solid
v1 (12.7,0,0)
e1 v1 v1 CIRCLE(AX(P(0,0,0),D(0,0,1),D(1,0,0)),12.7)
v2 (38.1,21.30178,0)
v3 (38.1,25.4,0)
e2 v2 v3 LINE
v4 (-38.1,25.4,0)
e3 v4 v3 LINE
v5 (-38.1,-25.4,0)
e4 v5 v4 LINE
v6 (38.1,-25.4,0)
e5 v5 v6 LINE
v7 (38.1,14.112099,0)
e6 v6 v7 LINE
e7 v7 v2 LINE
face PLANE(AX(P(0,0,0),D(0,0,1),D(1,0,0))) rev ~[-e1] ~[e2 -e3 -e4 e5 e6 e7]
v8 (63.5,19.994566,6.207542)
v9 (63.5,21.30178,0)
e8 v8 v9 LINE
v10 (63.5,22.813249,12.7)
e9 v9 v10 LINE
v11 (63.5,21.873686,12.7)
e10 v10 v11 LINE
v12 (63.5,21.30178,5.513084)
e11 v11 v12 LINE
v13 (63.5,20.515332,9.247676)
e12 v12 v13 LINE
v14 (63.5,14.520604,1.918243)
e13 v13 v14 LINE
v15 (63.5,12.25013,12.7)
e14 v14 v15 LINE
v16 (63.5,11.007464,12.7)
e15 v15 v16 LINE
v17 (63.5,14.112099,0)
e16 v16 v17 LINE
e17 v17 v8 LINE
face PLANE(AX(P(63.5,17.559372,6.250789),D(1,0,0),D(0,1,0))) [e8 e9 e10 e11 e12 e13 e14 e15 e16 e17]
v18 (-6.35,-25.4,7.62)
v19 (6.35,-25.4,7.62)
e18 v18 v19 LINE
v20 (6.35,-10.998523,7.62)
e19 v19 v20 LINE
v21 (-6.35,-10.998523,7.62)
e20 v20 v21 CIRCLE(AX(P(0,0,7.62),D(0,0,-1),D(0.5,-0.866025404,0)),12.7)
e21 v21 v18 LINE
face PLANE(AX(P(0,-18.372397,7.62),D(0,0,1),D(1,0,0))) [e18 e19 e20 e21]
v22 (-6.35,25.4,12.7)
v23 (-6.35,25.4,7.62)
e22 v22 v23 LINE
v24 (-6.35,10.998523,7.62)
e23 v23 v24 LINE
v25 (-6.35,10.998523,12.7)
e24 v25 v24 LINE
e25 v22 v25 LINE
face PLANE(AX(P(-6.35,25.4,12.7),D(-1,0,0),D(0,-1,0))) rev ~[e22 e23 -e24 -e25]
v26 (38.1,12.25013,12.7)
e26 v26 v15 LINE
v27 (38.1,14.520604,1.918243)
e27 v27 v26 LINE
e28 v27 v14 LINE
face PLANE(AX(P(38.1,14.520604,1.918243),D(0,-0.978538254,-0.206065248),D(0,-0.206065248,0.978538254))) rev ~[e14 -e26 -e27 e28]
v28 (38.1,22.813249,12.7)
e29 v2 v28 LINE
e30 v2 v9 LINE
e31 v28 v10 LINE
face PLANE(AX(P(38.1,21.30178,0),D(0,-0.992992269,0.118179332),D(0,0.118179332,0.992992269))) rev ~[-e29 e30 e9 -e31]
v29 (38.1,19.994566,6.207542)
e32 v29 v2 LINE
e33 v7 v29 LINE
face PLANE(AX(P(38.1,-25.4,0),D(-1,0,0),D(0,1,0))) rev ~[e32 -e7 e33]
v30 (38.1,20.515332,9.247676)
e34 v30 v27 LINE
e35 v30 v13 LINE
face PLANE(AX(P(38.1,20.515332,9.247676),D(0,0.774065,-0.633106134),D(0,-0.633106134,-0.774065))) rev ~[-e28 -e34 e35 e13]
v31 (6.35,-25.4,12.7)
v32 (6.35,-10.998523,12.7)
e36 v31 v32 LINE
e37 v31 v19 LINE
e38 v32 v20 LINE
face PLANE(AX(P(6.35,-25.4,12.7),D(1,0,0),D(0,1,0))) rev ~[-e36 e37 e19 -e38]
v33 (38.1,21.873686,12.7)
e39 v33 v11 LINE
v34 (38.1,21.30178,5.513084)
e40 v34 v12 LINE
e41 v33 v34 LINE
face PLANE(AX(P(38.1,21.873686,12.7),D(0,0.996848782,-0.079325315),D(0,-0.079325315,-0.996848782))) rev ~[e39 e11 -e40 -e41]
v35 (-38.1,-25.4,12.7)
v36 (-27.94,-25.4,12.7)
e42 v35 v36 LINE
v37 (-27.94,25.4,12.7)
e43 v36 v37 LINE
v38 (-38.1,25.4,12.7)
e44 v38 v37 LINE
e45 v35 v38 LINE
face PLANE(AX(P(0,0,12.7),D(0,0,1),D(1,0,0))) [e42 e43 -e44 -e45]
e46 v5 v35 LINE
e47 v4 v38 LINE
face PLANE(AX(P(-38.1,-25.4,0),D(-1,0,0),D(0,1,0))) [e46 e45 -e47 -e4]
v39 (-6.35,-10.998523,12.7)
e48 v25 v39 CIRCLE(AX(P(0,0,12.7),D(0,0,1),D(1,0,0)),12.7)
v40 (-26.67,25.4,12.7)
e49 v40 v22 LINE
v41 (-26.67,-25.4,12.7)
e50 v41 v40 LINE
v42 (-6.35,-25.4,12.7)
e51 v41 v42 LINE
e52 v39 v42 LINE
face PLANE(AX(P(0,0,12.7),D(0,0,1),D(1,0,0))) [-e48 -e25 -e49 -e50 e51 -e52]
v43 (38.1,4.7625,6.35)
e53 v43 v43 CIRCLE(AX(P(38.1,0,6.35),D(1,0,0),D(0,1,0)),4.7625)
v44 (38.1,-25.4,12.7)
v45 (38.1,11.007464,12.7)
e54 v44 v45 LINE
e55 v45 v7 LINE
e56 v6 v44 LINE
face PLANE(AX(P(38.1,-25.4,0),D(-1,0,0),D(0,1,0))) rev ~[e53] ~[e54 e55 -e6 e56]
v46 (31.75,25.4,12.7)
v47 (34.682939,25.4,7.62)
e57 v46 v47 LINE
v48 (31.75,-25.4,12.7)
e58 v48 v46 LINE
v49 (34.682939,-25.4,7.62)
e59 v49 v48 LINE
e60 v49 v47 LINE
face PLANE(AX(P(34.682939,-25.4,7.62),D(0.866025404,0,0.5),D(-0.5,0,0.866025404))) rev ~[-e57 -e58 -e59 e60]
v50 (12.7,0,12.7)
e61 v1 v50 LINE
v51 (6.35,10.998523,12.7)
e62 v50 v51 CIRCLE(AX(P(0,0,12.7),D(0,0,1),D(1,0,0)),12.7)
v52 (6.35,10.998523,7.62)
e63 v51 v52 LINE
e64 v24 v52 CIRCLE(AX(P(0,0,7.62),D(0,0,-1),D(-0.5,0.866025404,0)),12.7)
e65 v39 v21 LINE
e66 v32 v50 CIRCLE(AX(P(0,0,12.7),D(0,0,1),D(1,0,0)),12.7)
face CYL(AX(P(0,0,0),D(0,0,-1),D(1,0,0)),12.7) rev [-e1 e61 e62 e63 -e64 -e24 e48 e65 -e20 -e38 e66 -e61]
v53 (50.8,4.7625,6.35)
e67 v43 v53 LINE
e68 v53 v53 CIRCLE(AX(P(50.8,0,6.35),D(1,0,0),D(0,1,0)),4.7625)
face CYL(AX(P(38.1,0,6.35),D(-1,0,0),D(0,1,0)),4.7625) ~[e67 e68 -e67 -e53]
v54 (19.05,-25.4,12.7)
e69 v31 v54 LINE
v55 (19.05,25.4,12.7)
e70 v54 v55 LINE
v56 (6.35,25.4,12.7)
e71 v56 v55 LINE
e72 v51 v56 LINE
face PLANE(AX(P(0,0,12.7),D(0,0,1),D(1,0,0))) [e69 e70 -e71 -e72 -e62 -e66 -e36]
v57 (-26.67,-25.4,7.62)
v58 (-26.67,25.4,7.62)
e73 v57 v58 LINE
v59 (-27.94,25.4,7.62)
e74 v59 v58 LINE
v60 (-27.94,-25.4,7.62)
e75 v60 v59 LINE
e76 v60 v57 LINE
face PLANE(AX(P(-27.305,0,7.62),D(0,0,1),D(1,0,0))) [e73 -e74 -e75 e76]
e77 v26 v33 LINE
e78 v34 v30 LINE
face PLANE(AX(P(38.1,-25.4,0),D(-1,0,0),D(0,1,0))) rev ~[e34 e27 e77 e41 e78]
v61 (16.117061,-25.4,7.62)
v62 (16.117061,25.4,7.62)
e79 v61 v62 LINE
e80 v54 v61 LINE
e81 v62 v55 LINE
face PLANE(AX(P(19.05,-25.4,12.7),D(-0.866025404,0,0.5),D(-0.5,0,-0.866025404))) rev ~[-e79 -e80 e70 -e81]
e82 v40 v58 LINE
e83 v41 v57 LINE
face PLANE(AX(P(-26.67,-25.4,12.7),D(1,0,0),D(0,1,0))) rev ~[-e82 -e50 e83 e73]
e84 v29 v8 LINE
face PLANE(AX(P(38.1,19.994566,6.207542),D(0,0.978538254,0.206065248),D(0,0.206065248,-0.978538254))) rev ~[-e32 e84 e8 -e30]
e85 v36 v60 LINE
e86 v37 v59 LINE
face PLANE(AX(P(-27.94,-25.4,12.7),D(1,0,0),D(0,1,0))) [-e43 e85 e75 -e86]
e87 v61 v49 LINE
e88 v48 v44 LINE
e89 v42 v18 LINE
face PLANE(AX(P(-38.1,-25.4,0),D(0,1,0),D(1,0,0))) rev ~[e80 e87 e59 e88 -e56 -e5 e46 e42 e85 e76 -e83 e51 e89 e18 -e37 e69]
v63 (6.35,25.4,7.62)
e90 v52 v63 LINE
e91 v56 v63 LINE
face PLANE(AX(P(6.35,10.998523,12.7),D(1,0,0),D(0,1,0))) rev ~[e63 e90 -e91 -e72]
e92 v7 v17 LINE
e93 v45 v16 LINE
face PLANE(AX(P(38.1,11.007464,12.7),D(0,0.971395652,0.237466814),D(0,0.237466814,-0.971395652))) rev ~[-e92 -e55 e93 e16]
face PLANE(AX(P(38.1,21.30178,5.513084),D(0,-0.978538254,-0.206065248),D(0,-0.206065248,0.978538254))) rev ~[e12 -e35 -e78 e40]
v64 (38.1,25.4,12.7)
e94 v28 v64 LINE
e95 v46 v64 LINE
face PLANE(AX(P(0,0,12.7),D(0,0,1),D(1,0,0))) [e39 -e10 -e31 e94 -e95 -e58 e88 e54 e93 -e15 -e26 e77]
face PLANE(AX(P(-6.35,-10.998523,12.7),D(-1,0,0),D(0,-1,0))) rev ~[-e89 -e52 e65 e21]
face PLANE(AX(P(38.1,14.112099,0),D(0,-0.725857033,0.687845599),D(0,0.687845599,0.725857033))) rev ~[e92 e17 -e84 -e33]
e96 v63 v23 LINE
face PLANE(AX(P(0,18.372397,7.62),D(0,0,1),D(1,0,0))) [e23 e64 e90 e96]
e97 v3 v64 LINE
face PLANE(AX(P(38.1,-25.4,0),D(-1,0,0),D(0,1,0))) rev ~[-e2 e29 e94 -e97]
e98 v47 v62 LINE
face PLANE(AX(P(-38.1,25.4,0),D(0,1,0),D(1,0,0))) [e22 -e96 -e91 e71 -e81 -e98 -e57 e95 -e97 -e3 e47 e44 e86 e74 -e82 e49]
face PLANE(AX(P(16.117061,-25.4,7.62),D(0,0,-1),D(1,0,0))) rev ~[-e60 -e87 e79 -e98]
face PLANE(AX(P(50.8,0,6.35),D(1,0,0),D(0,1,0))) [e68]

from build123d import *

# Parameters (mm, degrees)
F0_W     = 76.2
F0_H     = 50.8
F0_R     = 12.7
F1_DEPTH = 12.7
F2_W     = 1.27
F2_H     = 50.8
F3_DEPTH = 5.08
F5_DEPTH = 50.801
F6_R     = 4.7625
F7_DEPTH = 12.7
F9_DEPTH = 25.4


with BuildPart() as f1:
    # F0 (on Top) → F1 (new body)
    with BuildSketch(Plane.XY):
        Rectangle(F0_W, F0_H)
        Circle(F0_R, mode=Mode.SUBTRACT)
    extrude(amount=F1_DEPTH)

    # F2 (on face) → F3 (cut)
    with BuildSketch(Plane.XY.offset(12.7)):
        with Locations((-27.305, 0)):
            Rectangle(F2_W, F2_H)
        with BuildLine():
            Line((-6.35, -10.9985226281), (-6.35, -25.4))
            Line((-6.35, -25.4), (6.35, -25.4))
            Line((6.35, -25.4), (6.35, -10.9985226281))
            ThreePointArc((6.35, -10.9985226281), (0, -12.7), (-6.35, -10.9985226281))
        make_face()
        with BuildLine():
            Line((6.35, 25.4), (-6.35, 25.4))
            Line((-6.35, 25.4), (-6.35, 10.9985226281))
            ThreePointArc((-6.35, 10.9985226281), (0, 12.7), (6.35, 10.9985226281))
            Line((6.35, 10.9985226281), (6.35, 25.4))
        make_face()
    extrude(amount=-F3_DEPTH, mode=Mode.SUBTRACT)

    # F4 (on face) → F5 (cut, through all)
    with BuildSketch(Plane.XZ.offset(25.4)):
        Polygon((31.75, 12.7), (19.05, 12.7), (16.1170606325, 7.62), (34.6829393675, 7.62), align=None)
    extrude(amount=-F5_DEPTH, mode=Mode.SUBTRACT)

    # F6 (on face) → F7 (join)
    with BuildSketch(Plane.YZ.offset(38.1)):
        with Locations((0, 6.35)):
            Circle(F6_R)
    extrude(amount=F7_DEPTH)

    # F8 (on face) → F9 (join)
    with BuildSketch(Plane.YZ.offset(38.1)):
        Polygon((12.2501304301, 12.7), (11.0074644908, 12.7), (14.1120990738, 0), (19.9945662171, 6.2075415626), (21.301779896, 0), (22.8132493794, 12.7), (21.8736864626, 12.7), (21.301779896, 5.513084121), (20.5153317719, 9.2476758682), (14.5206041634, 1.9182431279), align=None)
    extrude(amount=F9_DEPTH)


solid = f1.part
